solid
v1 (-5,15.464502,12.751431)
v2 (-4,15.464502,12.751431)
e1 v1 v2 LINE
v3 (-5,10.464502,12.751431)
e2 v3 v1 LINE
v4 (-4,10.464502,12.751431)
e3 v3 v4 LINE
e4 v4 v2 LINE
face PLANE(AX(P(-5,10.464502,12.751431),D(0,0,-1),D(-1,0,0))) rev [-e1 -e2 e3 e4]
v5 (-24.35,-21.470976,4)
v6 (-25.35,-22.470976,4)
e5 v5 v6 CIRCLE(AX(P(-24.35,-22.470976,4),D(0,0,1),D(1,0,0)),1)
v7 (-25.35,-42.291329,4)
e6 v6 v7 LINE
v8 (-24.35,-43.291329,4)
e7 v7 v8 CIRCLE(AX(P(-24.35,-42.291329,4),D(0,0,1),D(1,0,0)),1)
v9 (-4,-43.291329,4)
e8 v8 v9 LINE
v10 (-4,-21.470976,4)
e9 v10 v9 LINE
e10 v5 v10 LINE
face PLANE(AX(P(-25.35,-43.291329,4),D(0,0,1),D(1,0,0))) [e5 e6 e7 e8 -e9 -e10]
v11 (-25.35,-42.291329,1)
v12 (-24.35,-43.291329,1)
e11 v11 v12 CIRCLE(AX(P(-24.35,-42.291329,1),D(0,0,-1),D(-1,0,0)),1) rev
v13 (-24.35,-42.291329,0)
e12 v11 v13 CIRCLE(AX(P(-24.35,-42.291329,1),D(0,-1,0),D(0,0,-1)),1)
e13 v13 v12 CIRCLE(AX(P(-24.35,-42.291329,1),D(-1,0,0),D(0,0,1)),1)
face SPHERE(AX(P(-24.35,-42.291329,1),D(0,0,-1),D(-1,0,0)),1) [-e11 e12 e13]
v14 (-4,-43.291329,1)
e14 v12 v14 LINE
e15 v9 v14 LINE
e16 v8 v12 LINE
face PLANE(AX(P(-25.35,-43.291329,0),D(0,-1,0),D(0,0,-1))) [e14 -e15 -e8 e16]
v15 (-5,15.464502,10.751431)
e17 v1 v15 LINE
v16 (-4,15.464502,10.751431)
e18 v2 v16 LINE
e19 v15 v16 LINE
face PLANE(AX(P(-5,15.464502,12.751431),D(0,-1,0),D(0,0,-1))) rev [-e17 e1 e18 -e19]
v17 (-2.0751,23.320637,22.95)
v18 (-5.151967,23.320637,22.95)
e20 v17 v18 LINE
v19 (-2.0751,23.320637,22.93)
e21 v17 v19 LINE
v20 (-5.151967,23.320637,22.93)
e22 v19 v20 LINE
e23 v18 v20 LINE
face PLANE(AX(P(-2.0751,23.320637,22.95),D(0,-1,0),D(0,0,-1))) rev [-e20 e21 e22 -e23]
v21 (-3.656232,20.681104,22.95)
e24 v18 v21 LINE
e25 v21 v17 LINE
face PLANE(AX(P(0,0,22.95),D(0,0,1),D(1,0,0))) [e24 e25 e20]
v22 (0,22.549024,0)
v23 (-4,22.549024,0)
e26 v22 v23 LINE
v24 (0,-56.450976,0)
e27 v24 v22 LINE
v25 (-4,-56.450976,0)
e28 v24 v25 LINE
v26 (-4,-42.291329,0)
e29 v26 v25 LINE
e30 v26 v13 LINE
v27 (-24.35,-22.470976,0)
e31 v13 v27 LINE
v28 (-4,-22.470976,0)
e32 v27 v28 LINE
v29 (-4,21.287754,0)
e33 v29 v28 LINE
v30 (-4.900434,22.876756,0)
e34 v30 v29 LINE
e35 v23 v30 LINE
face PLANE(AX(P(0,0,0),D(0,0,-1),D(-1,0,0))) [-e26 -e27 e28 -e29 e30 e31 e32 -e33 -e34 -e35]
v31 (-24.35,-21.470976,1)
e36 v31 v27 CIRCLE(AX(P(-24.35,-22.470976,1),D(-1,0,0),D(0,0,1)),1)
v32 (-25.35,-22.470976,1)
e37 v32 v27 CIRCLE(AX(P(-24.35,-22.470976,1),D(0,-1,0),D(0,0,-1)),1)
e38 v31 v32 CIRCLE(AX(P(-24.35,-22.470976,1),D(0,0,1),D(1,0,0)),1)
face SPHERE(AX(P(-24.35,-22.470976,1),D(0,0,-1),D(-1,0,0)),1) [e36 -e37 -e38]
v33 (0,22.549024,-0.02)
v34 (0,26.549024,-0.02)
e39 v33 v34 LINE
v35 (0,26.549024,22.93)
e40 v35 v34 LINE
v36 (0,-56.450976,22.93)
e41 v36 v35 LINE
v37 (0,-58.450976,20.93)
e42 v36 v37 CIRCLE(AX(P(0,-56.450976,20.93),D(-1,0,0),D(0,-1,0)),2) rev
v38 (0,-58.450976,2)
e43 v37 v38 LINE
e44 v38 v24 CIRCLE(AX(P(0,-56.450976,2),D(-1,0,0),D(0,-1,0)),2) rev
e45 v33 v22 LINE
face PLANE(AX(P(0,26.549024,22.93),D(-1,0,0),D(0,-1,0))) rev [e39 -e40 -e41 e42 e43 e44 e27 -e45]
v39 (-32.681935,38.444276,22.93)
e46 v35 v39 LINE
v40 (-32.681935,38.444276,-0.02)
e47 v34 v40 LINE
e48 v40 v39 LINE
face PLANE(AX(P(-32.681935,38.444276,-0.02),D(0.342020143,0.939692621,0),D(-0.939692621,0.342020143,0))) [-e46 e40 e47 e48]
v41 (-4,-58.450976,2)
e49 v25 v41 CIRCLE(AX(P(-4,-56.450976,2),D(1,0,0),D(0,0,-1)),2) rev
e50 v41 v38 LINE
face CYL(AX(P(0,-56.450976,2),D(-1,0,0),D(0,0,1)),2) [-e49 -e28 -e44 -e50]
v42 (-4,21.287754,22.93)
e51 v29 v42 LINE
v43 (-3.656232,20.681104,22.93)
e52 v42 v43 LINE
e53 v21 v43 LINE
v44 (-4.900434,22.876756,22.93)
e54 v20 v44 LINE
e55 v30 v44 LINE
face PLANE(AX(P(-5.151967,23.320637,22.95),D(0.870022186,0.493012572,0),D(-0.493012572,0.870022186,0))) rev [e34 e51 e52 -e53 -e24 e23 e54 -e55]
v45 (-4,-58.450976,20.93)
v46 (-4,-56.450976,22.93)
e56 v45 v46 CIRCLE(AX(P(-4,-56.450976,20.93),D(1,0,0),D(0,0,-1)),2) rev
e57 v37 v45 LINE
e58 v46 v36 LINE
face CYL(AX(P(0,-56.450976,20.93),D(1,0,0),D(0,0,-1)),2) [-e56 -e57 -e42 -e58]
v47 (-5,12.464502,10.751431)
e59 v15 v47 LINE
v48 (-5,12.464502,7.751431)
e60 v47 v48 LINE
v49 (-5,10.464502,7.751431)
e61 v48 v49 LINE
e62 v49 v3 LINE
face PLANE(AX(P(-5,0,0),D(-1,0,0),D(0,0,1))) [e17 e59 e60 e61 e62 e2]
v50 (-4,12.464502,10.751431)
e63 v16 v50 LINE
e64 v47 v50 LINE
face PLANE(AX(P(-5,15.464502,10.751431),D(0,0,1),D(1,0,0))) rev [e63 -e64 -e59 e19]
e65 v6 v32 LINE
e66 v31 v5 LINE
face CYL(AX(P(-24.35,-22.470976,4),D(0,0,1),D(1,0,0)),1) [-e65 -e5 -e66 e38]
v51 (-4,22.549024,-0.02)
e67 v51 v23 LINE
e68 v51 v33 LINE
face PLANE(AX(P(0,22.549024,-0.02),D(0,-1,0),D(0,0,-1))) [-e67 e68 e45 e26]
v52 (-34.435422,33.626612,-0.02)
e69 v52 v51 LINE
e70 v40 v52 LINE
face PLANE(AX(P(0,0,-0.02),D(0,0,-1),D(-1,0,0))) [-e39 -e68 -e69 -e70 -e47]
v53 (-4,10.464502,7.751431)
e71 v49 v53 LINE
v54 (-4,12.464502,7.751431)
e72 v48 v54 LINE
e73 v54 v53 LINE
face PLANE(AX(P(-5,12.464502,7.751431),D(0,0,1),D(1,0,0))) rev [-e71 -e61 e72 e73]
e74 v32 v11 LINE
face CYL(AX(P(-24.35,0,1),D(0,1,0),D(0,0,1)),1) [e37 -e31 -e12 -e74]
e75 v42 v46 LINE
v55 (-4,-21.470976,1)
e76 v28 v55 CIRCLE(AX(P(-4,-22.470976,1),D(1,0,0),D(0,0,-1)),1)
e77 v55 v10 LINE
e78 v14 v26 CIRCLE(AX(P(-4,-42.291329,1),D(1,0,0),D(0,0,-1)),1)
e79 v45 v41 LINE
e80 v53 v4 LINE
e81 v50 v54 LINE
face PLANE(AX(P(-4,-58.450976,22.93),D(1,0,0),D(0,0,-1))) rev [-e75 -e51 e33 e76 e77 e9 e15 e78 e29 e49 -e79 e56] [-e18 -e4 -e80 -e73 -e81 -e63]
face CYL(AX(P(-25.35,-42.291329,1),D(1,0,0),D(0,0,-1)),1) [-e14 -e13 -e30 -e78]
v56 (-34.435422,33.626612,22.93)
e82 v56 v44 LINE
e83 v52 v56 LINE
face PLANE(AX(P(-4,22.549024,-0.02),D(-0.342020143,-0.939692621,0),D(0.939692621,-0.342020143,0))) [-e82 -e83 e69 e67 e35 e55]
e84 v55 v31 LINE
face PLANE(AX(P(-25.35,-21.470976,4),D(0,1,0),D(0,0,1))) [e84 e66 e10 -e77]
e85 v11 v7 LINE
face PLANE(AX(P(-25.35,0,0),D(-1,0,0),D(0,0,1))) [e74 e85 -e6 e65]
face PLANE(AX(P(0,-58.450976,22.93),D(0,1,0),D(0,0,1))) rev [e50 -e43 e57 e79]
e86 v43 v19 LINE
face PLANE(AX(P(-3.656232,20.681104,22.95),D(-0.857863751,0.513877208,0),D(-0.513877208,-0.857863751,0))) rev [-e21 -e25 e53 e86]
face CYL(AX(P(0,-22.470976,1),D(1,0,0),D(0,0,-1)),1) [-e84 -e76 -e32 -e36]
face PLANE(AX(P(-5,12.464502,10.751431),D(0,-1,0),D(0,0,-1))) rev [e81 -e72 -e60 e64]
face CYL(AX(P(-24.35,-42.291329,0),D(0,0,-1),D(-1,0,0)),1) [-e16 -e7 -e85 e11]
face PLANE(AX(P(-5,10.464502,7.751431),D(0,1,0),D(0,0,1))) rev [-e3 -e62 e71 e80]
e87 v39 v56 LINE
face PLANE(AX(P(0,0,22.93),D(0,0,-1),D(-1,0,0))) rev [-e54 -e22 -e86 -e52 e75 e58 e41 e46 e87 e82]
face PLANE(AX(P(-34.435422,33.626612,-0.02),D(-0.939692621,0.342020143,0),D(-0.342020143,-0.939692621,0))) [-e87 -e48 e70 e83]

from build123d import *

# Parameters (mm, degrees)
ESQUISSE1_W         = 4
ESQUISSE1_H         = 85
BOSS_EXTRU_1_DEPTH  = 22.93
BOSS_EXTRU_5_DEPTH  = 22.95
CONG_1_R            = 2
ESQUISSE7_W         = 4
ESQUISSE7_H         = 21.820353027
BOSS_EXTRU_10_DEPTH = 25.35
CONG_14_R           = 1
CONG_15_R           = 1
BOSS_EXTRU_11_DEPTH = 1
BOSS_EXTRU_12_DEPTH = 22.95


with BuildPart() as part:
    # Esquisse1 → Boss.-Extru.1 (new body)
    with BuildSketch(Plane.XY):
        with Locations((-2, -15.95097561)):
            Rectangle(ESQUISSE1_W, ESQUISSE1_H)
    extrude(amount=BOSS_EXTRU_1_DEPTH)

    # Esquisse2 → Boss.-Extru.5 (add)
    with BuildSketch(Plane.XY.offset(22.93)):
        Polygon((-32.681935281, 38.444276031), (0, 26.54902439), (0, 22.54902439), (-4, 22.54902439), (-34.435421614, 33.626611925), align=None)
    extrude(amount=-BOSS_EXTRU_5_DEPTH)

    # Congé1
    cong_1_edges = [part.edges().sort_by_distance(p)[0] for p in [
        (-2, -58.45097561, 22.93),
        (-2, -58.45097561, 0),
    ]]
    fillet(cong_1_edges, radius=CONG_1_R)

    # Esquisse7 → Boss.-Extru.10 (add)
    with BuildSketch(Plane(origin=(0, 0, 0), x_dir=(0, 0, -1), z_dir=(1, 0, 0))):
        with Locations((-2, -32.381152124)):
            Rectangle(ESQUISSE7_W, ESQUISSE7_H)
    extrude(amount=-BOSS_EXTRU_10_DEPTH)

    # Congé14
    cong_14_edges = [part.edges().sort_by_distance(p)[0] for p in [
        (-25.35, -43.291328637, 2),
        (-25.35, -21.47097561, 2),
    ]]
    fillet(cong_14_edges, radius=CONG_14_R)

    # Congé15
    cong_15_edges = [part.edges().sort_by_distance(p)[0] for p in [
        (-14.175, -43.291328637, 0),
        (-25.35, -32.381152123, 0),
        (-14.175, -21.47097561, 0),
        (-25.057106781, -21.763868829, 0),
        (-25.057106781, -42.998435418, 0),
    ]]
    fillet(cong_15_edges, radius=CONG_15_R)

    # Esquisse10 → Boss.-Extru.11 (add)
    with BuildSketch(Plane.ZY.offset(4)):
        Polygon((7.751431337, 10.464501792), (12.751431337, 10.464501792), (12.751431337, 15.464501792), (10.751431337, 15.464501792), (10.751431337, 12.464501792), (7.751431337, 12.464501792), align=None)
    extrude(amount=BOSS_EXTRU_11_DEPTH)

    # Esquisse13 → Boss.-Extru.12 (add)
    with BuildSketch(Plane.XY):
        Polygon((-5.151966744, 23.320636857), (-3.656231692, 20.681104413), (-2.075100003, 23.320636857), align=None)
    extrude(amount=BOSS_EXTRU_12_DEPTH)


solid = part.part
